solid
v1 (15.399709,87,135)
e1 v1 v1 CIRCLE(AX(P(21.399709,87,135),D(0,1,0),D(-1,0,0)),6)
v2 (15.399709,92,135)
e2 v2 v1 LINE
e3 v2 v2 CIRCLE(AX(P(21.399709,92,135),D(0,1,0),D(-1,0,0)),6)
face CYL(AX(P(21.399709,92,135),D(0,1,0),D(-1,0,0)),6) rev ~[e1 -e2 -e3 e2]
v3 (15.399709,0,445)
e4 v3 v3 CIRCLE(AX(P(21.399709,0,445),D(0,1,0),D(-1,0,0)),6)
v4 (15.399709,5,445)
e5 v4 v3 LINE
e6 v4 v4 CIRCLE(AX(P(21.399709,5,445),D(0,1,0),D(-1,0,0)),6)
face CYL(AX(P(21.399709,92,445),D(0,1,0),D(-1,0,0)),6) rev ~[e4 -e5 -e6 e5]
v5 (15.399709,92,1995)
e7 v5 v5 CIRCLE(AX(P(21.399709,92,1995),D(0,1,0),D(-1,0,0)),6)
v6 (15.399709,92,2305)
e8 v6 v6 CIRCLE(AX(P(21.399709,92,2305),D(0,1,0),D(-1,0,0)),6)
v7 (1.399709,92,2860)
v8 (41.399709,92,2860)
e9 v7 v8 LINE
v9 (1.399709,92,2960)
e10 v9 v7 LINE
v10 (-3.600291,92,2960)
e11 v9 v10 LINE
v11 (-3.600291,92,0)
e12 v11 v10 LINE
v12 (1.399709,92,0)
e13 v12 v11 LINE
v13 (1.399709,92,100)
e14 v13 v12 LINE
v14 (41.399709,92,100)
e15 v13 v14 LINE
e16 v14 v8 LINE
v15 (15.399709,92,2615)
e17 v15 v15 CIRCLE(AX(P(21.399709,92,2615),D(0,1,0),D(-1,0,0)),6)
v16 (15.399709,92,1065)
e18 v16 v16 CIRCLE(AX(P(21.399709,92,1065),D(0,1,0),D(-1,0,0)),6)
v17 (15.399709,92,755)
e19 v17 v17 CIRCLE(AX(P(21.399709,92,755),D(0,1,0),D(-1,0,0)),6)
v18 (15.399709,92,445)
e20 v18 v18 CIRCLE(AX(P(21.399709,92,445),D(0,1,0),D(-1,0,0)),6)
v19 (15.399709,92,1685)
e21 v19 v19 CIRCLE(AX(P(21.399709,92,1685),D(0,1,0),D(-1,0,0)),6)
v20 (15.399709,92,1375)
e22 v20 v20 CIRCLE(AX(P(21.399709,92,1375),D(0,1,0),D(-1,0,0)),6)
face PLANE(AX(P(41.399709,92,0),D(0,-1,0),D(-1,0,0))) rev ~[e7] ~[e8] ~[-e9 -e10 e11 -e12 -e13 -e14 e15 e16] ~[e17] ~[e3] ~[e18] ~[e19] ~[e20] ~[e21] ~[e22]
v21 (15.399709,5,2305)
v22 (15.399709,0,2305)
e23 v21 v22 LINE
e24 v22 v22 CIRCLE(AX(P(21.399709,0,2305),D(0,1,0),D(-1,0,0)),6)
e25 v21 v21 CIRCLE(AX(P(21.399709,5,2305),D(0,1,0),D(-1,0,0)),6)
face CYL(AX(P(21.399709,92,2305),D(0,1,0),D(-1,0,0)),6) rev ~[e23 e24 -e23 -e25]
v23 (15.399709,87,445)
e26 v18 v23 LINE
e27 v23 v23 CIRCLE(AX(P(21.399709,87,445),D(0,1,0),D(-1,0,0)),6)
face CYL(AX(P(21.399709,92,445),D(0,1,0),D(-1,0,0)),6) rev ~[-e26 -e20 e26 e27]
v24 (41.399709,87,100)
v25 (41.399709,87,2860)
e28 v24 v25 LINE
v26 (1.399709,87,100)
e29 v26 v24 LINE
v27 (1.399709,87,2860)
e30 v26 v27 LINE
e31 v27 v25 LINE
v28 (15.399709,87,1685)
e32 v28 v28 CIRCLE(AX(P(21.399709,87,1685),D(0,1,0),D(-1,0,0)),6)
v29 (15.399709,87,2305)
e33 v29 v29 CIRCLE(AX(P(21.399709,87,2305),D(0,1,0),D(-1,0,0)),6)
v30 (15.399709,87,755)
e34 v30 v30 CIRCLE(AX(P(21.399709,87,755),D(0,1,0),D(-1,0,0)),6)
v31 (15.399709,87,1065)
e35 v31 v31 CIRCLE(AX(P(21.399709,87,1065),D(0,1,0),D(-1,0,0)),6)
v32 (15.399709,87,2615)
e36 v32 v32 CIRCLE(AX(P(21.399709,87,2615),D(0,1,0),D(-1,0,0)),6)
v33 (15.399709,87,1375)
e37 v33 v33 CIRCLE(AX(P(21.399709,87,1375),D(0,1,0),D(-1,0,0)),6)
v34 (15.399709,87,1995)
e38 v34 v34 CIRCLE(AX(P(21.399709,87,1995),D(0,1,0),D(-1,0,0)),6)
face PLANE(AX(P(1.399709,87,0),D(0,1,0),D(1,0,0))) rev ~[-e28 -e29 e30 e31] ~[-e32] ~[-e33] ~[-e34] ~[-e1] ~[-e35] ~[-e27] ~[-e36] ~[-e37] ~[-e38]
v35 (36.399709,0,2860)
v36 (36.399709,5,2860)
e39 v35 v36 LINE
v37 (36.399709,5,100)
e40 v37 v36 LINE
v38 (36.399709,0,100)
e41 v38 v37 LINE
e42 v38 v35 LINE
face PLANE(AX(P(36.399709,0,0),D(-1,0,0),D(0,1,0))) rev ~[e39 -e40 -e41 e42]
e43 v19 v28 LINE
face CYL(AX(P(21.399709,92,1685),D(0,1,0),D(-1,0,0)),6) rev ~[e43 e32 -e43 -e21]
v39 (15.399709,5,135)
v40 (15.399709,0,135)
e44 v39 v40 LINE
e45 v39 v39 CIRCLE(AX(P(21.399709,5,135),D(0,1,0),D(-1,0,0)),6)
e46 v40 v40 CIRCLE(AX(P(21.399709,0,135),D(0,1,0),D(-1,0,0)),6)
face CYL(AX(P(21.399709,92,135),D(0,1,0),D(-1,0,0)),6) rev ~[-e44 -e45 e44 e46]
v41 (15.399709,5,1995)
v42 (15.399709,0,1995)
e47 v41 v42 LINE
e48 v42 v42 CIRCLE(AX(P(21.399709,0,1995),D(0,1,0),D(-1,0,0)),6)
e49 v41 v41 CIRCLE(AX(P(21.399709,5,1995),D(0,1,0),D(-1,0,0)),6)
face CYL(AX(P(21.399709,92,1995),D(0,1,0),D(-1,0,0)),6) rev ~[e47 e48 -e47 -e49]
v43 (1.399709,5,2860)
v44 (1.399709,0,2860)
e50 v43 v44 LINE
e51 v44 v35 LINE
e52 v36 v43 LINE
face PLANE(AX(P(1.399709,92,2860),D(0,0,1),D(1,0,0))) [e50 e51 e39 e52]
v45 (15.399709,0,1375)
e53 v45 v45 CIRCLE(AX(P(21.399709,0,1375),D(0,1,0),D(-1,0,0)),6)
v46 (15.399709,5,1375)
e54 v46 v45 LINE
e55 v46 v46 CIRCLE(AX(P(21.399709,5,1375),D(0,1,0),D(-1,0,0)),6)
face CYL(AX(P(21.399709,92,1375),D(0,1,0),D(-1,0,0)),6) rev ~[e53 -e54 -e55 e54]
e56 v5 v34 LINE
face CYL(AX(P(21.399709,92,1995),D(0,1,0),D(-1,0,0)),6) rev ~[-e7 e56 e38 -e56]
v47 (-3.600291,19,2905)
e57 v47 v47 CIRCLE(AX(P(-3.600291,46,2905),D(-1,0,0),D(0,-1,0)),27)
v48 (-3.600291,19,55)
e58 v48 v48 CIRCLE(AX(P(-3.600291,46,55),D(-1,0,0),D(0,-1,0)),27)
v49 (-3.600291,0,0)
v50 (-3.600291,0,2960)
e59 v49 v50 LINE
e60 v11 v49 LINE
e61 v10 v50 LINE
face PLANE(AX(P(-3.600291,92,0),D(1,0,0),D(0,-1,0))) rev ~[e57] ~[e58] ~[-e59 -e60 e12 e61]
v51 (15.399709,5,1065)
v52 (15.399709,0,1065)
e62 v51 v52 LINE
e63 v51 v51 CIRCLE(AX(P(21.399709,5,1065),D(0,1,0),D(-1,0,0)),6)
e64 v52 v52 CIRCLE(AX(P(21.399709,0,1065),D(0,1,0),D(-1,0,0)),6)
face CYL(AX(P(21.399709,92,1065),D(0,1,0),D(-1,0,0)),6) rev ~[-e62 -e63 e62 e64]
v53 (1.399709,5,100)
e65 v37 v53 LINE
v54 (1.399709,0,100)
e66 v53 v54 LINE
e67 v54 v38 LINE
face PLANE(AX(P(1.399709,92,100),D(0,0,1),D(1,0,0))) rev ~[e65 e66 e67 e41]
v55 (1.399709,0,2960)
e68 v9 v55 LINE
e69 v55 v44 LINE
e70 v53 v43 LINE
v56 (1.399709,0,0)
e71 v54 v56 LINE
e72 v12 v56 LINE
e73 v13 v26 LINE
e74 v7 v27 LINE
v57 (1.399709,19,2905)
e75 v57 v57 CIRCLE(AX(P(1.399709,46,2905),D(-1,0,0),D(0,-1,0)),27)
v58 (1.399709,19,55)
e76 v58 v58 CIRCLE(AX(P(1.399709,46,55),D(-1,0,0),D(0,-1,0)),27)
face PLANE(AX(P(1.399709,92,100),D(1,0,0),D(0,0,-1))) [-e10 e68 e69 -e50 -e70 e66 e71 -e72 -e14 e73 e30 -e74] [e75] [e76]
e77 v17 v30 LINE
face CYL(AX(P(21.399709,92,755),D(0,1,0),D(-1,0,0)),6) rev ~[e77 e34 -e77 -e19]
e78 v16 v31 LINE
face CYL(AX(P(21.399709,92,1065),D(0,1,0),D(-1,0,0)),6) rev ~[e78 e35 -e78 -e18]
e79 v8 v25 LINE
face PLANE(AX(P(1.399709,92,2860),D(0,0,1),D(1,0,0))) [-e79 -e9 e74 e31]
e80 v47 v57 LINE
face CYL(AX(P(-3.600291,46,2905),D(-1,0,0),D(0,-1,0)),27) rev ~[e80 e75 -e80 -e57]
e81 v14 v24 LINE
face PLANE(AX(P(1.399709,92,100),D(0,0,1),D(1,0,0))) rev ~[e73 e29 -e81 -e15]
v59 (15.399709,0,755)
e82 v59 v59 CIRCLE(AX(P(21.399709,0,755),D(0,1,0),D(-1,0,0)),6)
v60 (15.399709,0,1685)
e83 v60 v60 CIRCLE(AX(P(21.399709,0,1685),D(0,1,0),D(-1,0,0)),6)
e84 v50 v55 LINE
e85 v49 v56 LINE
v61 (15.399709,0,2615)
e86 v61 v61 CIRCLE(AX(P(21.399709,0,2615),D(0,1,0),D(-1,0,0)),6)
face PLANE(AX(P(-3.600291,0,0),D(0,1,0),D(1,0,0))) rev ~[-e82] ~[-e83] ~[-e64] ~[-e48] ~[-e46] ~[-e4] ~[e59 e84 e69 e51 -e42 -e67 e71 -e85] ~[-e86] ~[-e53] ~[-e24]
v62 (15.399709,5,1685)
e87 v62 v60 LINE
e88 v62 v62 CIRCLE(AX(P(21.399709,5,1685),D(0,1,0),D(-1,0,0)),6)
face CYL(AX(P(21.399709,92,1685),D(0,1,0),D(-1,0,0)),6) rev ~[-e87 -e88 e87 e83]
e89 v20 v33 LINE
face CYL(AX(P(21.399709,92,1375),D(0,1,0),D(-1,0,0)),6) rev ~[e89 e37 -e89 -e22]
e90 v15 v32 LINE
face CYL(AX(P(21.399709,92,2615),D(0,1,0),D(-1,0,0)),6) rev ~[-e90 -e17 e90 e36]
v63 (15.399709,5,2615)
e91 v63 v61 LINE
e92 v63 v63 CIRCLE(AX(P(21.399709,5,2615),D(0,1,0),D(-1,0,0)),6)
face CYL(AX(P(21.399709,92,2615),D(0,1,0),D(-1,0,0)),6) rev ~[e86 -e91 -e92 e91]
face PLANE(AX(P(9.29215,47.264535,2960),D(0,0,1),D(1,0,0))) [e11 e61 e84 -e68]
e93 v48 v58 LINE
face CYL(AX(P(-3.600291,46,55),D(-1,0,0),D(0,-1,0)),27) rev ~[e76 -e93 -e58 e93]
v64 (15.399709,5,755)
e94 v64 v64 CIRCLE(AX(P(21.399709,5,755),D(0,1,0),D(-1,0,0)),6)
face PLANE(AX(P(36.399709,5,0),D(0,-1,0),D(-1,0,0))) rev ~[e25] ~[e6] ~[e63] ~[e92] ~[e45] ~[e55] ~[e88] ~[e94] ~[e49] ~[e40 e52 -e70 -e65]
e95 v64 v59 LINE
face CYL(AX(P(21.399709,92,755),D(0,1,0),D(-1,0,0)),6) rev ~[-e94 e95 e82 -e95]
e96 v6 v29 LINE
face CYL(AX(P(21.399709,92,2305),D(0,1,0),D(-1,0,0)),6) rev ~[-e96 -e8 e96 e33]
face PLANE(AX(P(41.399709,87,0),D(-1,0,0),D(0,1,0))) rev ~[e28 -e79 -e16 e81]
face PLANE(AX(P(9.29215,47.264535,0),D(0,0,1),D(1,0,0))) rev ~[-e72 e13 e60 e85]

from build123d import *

# Parameters (mm, degrees)
BOSS_EXTRU_1_DEPTH         = 2960
ESQUISSE7_R                = 6
ENL_V_MAT_EXTRU_2_DEPTH    = 2962.718746921
ESQUISSE8_W                = 40
ESQUISSE8_H                = 100
ENL_V_MAT_EXTRU_3_DEPTH    = 2962.718746921
R_P_TITION_LIN_AIRE1_COUNT = 24
R_P_TITION_LIN_AIRE1_PITCH = 310
ESQUISSE9_R                = 27
ENL_V_MAT_EXTRU_4_DEPTH    = 2962.77126058


with BuildPart() as part:
    # Esquisse1 → Boss.-Extru.1 (new body)
    with BuildSketch(Plane.XY):
        Polygon((-3.600291477, 0), (36.399708523, 0), (36.399708523, 5), (1.399708523, 5), (1.399708523, 87), (41.399708523, 87), (41.399708523, 92), (-3.600291477, 92), align=None)
    extrude(amount=BOSS_EXTRU_1_DEPTH)

    # Esquisse7 → Enlèv. mat.-Extru.2 (cut, through all)
    with BuildSketch(Plane(origin=(0, 92, 0), x_dir=(1, 0, 0), z_dir=(0, 1, 0))):
        with Locations(Location((21.399708523, -135, 0), (0, 0, 180))):
            Circle(ESQUISSE7_R)
    enl_v_mat_extru_2 = extrude(amount=-ENL_V_MAT_EXTRU_2_DEPTH, mode=Mode.SUBTRACT)

    # Esquisse8 → Enlèv. mat.-Extru.3 (cut, through all)
    with BuildSketch(Plane(origin=(0, 92, 0), x_dir=(1, 0, 0), z_dir=(0, 1, 0))):
        with Locations((21.399708523, -2910)):
            Rectangle(ESQUISSE8_W, ESQUISSE8_H)
        with Locations((21.399708523, -50)):
            Rectangle(ESQUISSE8_W, ESQUISSE8_H)
    extrude(amount=-ENL_V_MAT_EXTRU_3_DEPTH, mode=Mode.SUBTRACT)

    # Répétition linéaire1: Enlèv. mat.-Extru.2 ×24
    with Locations(*[(0, 0, i * R_P_TITION_LIN_AIRE1_PITCH) for i in range(1, R_P_TITION_LIN_AIRE1_COUNT)]):
        add(enl_v_mat_extru_2, mode=Mode.SUBTRACT)

    # Esquisse9 → Enlèv. mat.-Extru.4 (cut, through all)
    with BuildSketch(Plane.ZY.offset(3.600291477)):
        with Locations(Location((55, 46, 0), (0, 0, 270))):
            Circle(ESQUISSE9_R)
        with Locations(Location((2905, 46, 0), (0, 0, 270))):
            Circle(ESQUISSE9_R)
    extrude(amount=-ENL_V_MAT_EXTRU_4_DEPTH, mode=Mode.SUBTRACT)


solid = part.part
